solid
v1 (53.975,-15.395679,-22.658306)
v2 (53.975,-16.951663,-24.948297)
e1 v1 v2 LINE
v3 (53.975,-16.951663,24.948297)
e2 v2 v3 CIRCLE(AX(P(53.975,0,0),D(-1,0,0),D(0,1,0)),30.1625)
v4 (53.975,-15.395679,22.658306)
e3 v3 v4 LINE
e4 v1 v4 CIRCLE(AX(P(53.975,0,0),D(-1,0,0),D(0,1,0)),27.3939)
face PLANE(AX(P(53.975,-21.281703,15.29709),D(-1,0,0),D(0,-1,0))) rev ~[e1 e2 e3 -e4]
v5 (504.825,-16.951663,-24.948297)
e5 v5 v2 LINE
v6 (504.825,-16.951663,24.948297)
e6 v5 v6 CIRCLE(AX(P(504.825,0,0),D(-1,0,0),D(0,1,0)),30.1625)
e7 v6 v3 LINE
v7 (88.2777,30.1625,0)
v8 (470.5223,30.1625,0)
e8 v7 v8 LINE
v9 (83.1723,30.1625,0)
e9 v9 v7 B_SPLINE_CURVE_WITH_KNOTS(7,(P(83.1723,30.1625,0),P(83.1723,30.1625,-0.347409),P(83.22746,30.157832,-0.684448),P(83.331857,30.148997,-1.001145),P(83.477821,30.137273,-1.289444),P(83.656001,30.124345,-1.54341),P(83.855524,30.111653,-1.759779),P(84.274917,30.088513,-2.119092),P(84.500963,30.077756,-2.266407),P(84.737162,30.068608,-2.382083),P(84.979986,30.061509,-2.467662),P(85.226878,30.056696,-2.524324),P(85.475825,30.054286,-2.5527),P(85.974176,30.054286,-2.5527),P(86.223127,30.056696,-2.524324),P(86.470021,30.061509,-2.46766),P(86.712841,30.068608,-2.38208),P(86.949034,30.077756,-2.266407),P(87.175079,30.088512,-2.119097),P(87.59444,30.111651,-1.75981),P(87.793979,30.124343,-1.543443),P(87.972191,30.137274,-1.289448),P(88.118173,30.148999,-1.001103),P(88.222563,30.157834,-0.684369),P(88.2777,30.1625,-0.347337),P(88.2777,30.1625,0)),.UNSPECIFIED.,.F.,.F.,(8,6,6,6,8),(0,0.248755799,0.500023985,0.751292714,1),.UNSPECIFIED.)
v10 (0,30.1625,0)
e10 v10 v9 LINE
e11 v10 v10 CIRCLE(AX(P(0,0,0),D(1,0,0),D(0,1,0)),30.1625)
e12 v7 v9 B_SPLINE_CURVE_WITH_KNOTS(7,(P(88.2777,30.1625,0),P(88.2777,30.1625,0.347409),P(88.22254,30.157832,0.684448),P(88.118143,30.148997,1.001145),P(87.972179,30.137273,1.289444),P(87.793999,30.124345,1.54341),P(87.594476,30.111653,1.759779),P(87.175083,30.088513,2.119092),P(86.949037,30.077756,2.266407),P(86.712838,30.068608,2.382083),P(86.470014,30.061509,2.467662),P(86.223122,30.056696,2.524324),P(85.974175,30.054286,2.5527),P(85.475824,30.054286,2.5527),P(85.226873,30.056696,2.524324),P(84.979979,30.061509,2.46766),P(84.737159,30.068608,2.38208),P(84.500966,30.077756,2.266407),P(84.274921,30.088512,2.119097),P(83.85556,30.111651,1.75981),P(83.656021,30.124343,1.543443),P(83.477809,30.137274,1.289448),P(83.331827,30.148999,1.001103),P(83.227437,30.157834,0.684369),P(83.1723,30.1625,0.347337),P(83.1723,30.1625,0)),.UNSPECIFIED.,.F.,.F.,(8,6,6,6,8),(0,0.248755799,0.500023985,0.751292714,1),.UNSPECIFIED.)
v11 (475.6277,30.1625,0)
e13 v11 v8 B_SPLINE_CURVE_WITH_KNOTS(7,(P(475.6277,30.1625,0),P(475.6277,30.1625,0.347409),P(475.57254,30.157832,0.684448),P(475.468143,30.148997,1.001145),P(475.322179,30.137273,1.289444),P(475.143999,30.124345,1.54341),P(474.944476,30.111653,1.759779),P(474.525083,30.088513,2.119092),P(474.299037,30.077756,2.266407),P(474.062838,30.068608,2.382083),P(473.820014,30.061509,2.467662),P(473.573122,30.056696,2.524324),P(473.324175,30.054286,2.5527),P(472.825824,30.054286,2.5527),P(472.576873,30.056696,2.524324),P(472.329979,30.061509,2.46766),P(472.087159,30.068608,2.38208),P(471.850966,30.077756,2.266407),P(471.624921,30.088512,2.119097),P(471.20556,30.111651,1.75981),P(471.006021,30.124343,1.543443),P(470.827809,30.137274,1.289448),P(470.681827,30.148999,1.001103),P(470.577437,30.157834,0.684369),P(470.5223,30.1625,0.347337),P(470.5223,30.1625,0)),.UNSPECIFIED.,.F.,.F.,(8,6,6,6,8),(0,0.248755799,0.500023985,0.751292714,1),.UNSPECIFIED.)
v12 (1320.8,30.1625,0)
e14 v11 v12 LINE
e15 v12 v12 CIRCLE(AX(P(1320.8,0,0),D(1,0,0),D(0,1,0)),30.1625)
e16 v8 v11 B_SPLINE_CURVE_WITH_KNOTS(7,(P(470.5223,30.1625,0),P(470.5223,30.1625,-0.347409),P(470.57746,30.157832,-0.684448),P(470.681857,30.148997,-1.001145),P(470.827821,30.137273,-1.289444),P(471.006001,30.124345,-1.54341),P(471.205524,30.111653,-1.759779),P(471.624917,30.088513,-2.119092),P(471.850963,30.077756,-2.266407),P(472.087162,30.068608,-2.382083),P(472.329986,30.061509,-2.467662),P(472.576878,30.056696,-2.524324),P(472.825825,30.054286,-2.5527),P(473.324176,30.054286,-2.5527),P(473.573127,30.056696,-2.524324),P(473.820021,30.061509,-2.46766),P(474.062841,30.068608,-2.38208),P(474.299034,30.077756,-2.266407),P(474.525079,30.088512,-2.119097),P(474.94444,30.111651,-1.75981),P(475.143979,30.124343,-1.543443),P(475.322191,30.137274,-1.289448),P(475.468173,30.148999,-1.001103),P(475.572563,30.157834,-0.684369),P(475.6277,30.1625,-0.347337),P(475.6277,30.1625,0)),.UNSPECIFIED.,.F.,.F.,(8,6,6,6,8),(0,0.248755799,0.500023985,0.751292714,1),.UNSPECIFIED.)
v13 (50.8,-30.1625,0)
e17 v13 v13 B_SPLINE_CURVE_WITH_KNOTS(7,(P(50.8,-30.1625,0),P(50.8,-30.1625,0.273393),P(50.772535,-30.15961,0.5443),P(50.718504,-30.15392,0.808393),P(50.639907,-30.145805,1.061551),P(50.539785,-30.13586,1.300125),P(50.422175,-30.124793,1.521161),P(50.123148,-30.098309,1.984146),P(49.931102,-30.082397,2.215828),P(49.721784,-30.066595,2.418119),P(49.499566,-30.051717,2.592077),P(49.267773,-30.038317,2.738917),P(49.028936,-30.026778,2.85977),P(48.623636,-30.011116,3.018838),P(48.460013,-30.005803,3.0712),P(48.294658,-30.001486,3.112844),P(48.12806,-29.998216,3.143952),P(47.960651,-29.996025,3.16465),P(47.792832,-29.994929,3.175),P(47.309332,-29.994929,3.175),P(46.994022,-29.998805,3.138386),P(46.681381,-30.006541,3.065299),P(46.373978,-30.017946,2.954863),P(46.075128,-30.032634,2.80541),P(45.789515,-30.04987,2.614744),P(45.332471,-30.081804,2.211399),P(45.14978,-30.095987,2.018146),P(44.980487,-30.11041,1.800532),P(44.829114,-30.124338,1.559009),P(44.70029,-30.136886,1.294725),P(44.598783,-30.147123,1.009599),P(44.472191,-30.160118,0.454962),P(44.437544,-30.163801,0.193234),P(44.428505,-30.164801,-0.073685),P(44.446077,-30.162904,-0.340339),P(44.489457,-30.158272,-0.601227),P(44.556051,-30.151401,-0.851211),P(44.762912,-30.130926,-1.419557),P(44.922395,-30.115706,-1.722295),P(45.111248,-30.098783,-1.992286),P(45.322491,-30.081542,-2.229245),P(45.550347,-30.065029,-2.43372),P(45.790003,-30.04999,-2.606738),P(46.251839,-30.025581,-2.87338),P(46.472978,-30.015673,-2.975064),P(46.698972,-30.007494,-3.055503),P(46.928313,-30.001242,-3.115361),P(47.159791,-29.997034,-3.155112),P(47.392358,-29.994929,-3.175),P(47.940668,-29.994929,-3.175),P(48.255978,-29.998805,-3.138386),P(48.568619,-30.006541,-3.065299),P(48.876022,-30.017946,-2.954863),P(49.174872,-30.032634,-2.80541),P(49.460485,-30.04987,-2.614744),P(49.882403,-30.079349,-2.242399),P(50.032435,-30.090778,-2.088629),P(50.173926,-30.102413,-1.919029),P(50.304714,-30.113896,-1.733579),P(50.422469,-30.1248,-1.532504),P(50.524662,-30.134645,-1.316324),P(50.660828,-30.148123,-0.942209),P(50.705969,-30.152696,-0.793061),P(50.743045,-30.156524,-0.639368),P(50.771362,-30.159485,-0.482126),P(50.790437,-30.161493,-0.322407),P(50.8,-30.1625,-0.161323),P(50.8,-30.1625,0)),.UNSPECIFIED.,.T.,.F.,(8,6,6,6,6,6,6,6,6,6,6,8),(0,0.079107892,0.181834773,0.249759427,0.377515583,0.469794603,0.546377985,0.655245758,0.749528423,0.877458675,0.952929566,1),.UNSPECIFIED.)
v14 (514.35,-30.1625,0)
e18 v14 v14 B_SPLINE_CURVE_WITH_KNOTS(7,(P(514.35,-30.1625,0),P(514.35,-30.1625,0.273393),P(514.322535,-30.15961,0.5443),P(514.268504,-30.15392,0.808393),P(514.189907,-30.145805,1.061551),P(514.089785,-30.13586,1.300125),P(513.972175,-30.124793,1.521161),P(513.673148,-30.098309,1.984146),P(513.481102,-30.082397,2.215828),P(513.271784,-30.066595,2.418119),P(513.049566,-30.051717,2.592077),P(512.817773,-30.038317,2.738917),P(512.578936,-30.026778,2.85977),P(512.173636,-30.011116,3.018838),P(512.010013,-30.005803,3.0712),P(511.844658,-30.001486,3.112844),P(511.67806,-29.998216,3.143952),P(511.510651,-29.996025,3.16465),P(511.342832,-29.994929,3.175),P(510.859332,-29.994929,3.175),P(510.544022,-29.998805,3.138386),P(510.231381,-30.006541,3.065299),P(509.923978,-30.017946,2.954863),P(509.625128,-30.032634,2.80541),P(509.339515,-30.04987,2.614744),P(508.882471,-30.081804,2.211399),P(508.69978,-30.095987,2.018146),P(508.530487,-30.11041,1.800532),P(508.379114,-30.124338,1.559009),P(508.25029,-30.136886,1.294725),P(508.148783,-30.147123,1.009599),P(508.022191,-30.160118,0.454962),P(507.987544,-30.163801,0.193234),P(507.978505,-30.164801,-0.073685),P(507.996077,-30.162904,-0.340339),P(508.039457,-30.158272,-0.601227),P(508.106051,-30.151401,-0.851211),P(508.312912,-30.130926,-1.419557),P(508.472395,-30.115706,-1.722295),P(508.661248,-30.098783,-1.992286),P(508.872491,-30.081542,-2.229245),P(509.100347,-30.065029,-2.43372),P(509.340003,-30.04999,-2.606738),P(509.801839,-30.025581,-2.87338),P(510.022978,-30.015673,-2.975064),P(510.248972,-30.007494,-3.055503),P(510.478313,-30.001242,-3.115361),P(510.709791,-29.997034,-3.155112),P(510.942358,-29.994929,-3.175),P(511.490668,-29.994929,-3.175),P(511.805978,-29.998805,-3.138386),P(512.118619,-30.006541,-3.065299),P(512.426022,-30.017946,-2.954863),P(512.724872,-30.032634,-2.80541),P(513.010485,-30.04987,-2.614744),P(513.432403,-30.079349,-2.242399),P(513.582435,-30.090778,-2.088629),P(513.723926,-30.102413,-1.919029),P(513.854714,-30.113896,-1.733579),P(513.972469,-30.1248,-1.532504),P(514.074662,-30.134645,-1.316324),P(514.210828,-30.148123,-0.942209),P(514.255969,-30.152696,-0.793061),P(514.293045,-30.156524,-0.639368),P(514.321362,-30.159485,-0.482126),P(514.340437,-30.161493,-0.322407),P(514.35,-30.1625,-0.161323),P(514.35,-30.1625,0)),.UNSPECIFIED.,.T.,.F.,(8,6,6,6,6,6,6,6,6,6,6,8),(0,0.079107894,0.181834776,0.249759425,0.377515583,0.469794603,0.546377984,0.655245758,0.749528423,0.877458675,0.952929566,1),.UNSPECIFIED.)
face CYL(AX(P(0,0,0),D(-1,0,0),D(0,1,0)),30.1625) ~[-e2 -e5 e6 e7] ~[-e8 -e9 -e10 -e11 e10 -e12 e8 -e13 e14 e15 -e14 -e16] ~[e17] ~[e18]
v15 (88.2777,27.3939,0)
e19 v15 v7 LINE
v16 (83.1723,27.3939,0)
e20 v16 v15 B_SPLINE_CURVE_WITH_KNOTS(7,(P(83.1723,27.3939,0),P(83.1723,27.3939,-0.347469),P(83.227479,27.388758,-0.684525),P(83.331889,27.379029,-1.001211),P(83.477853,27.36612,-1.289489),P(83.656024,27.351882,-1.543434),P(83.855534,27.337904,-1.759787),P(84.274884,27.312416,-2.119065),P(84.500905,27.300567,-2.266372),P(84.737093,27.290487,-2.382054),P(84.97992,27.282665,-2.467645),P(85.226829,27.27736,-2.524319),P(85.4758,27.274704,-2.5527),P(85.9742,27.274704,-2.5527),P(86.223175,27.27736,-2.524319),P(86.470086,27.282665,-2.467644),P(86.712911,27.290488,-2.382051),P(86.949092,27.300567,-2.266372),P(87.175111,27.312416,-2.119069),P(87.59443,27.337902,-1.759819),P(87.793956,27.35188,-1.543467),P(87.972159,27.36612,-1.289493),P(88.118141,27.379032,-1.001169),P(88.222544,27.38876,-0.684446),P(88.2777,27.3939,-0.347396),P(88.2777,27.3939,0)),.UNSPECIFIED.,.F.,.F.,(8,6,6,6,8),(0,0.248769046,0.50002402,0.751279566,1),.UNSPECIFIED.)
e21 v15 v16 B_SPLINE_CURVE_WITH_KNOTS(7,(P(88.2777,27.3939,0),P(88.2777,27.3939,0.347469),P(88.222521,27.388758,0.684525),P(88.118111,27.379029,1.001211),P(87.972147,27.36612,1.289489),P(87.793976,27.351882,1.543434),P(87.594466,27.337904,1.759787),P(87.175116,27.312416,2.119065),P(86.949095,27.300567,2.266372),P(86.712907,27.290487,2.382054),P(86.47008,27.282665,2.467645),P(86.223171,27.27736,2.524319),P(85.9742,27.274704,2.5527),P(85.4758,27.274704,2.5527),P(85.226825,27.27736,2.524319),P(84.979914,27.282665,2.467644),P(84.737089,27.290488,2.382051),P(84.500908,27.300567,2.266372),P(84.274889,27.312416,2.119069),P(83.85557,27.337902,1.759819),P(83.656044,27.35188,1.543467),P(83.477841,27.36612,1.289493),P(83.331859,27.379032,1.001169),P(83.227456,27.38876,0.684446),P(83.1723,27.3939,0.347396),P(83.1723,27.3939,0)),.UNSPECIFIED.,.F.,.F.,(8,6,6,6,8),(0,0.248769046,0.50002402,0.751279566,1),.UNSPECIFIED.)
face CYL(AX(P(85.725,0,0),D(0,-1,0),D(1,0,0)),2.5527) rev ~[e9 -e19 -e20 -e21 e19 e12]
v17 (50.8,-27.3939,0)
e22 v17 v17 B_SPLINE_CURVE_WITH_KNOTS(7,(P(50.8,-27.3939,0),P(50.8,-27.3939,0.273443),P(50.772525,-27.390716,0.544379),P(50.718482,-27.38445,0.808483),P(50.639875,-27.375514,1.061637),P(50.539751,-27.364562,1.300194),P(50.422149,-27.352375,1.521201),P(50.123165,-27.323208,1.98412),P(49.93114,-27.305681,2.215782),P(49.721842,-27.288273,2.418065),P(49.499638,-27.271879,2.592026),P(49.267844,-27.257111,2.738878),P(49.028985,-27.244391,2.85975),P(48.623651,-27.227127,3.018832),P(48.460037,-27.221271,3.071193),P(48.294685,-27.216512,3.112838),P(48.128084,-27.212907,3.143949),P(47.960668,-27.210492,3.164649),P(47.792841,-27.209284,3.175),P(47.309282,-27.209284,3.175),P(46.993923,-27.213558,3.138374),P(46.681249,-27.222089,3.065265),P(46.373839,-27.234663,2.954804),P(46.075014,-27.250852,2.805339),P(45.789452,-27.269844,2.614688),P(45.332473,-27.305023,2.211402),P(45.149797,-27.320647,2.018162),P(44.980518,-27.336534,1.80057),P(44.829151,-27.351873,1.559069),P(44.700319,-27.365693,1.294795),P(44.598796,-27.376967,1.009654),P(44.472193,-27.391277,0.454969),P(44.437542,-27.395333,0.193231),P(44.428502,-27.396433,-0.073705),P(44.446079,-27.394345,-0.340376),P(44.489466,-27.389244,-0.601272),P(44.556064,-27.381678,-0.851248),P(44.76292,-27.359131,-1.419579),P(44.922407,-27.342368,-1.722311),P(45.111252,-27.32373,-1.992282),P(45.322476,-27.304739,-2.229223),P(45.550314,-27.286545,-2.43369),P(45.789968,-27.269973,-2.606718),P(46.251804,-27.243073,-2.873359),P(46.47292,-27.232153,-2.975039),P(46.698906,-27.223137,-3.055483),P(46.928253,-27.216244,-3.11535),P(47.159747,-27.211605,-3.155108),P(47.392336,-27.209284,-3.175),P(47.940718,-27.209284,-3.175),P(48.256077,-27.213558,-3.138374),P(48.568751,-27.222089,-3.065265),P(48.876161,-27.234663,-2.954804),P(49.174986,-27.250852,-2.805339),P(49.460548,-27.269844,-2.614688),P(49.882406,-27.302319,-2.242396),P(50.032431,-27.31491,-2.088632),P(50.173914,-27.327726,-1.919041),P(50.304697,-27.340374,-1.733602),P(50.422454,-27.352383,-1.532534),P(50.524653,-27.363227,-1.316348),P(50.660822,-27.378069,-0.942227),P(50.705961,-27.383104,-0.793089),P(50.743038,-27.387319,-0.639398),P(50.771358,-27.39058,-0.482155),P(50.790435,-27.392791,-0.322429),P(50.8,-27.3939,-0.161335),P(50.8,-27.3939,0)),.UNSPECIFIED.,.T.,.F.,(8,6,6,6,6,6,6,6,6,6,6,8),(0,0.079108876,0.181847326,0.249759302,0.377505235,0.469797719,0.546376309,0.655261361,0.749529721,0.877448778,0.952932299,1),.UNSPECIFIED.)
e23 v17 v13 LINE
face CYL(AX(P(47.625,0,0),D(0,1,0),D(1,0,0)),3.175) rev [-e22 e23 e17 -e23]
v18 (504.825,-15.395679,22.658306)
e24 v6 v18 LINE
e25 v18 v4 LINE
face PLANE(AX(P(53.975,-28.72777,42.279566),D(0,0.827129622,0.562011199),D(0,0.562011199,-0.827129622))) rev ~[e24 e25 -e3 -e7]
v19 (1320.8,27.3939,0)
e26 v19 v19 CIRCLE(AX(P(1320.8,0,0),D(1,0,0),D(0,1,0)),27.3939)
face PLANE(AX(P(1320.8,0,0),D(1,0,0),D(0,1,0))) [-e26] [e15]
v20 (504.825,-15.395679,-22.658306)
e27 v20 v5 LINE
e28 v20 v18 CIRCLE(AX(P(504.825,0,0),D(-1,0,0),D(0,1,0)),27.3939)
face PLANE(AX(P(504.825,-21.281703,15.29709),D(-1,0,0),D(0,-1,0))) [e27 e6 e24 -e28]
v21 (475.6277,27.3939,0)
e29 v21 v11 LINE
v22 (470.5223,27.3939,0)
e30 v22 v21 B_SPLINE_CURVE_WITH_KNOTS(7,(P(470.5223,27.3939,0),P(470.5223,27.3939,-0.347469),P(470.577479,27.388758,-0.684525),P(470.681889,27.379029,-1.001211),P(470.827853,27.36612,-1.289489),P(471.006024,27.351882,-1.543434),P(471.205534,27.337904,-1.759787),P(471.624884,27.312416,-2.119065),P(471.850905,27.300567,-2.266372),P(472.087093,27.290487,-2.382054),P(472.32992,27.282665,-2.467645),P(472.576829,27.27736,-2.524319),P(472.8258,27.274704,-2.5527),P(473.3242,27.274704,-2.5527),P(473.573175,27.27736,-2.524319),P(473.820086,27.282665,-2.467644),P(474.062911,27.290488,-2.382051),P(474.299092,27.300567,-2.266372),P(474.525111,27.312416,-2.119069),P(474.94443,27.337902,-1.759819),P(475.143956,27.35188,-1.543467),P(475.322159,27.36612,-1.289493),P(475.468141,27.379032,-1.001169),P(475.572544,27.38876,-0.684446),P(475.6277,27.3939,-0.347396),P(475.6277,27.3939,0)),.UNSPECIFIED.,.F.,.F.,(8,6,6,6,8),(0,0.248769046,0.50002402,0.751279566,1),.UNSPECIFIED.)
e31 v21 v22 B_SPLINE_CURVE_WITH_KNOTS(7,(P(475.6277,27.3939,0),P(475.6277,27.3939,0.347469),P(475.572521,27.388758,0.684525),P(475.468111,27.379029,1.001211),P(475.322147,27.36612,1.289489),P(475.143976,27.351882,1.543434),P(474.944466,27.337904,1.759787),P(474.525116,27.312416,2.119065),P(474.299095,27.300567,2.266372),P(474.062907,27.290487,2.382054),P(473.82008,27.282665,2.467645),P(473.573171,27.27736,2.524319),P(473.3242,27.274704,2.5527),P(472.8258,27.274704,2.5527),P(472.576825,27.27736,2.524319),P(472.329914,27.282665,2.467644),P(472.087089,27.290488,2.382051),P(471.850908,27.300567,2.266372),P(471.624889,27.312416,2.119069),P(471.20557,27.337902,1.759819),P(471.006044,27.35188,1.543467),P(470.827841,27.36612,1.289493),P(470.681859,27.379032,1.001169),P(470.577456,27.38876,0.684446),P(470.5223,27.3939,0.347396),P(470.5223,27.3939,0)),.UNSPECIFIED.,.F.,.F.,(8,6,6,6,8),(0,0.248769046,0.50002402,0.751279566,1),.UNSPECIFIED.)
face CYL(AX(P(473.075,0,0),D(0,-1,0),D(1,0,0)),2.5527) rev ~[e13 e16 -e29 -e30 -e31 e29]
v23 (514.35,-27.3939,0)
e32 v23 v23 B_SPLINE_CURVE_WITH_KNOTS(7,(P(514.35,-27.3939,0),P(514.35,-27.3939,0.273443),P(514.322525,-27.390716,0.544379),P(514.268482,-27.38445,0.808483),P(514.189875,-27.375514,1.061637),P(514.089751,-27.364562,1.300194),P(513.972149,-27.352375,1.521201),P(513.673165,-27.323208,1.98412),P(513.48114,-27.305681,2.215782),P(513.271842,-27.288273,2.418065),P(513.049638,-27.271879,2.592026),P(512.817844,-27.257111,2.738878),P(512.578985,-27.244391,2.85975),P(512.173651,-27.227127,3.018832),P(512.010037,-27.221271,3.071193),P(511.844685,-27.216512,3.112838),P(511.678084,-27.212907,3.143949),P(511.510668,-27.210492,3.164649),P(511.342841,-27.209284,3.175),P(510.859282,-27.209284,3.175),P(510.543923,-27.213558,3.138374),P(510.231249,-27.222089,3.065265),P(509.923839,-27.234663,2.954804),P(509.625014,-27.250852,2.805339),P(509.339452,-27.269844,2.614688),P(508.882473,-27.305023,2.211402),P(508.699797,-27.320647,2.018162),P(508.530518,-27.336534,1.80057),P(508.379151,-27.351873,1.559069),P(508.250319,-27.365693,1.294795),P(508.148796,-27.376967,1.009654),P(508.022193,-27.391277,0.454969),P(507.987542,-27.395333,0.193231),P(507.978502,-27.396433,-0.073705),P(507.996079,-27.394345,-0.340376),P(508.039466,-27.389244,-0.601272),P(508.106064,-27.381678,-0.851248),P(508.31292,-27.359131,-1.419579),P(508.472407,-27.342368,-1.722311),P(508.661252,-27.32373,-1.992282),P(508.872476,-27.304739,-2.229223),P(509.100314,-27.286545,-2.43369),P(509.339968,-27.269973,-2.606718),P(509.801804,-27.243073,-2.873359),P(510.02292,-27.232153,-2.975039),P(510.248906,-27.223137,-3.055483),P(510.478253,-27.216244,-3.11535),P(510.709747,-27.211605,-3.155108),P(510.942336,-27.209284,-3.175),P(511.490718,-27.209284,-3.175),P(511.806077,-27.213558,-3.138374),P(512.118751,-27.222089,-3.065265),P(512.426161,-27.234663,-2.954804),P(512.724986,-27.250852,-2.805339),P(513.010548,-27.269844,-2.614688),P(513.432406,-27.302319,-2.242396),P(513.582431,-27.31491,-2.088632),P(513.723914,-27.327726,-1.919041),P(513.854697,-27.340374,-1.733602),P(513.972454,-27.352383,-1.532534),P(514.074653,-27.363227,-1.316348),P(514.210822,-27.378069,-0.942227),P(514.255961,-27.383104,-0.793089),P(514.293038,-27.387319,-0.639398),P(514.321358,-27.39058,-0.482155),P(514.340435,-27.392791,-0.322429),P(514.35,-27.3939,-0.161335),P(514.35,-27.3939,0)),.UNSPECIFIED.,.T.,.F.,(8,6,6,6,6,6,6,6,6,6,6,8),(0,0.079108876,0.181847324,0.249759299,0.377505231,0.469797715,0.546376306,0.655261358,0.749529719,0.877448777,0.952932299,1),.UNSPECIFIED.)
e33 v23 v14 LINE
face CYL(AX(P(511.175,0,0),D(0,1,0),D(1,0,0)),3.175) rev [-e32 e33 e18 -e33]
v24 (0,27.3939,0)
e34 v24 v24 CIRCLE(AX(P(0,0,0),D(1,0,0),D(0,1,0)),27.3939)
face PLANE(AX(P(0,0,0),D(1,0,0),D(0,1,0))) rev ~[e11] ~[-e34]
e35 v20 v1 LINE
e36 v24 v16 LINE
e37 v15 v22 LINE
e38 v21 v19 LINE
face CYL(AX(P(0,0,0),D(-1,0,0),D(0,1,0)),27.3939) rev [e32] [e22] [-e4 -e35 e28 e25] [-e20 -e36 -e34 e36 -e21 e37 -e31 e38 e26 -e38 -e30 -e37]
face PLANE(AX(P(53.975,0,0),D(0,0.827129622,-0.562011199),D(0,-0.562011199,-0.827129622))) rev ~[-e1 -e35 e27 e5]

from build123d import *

# Parameters (mm, degrees)
F0_R     = 30.1625
F0_R_2   = 27.3939
F1_DEPTH = 1320.8
F4_DEPTH = 450.85
F5_R     = 3.175
F6_DEPTH = 76.2
F7_R     = 2.5527
F8_DEPTH = 76.2


with BuildPart() as f1:
    # F0 (on Right) → F1 (new body)
    with BuildSketch(Plane.YZ):
        Circle(F0_R)
        Circle(F0_R_2, mode=Mode.SUBTRACT)
    extrude(amount=F1_DEPTH)

    # F3 (on offset) → F4 (cut)
    with BuildSketch(Plane(origin=(53.975, 0, 0), x_dir=(0, -1, 0), z_dir=(-1, 0, 0))):
        Polygon((28.7277697928, 42.2795656081), (0, 0), (35.903159529, 0), align=None)
        Polygon((35.903159529, 0), (0, 0), (28.4545668533, -41.8774842184), align=None)
    extrude(amount=-F4_DEPTH, mode=Mode.SUBTRACT)

    # F5 (on Front) → F6 (cut)
    with BuildSketch(Plane.XZ):
        with Locations((47.625, 0)):
            Circle(F5_R)
        with Locations((511.175, 0)):
            Circle(F5_R)
    extrude(amount=F6_DEPTH, mode=Mode.SUBTRACT)

    # F7 (on Front) → F8 (cut)
    with BuildSketch(Plane.XZ):
        with Locations((85.725, 0)):
            Circle(F7_R)
        with Locations((473.075, 0)):
            Circle(F7_R)
    extrude(amount=-F8_DEPTH, mode=Mode.SUBTRACT)


solid = f1.part
